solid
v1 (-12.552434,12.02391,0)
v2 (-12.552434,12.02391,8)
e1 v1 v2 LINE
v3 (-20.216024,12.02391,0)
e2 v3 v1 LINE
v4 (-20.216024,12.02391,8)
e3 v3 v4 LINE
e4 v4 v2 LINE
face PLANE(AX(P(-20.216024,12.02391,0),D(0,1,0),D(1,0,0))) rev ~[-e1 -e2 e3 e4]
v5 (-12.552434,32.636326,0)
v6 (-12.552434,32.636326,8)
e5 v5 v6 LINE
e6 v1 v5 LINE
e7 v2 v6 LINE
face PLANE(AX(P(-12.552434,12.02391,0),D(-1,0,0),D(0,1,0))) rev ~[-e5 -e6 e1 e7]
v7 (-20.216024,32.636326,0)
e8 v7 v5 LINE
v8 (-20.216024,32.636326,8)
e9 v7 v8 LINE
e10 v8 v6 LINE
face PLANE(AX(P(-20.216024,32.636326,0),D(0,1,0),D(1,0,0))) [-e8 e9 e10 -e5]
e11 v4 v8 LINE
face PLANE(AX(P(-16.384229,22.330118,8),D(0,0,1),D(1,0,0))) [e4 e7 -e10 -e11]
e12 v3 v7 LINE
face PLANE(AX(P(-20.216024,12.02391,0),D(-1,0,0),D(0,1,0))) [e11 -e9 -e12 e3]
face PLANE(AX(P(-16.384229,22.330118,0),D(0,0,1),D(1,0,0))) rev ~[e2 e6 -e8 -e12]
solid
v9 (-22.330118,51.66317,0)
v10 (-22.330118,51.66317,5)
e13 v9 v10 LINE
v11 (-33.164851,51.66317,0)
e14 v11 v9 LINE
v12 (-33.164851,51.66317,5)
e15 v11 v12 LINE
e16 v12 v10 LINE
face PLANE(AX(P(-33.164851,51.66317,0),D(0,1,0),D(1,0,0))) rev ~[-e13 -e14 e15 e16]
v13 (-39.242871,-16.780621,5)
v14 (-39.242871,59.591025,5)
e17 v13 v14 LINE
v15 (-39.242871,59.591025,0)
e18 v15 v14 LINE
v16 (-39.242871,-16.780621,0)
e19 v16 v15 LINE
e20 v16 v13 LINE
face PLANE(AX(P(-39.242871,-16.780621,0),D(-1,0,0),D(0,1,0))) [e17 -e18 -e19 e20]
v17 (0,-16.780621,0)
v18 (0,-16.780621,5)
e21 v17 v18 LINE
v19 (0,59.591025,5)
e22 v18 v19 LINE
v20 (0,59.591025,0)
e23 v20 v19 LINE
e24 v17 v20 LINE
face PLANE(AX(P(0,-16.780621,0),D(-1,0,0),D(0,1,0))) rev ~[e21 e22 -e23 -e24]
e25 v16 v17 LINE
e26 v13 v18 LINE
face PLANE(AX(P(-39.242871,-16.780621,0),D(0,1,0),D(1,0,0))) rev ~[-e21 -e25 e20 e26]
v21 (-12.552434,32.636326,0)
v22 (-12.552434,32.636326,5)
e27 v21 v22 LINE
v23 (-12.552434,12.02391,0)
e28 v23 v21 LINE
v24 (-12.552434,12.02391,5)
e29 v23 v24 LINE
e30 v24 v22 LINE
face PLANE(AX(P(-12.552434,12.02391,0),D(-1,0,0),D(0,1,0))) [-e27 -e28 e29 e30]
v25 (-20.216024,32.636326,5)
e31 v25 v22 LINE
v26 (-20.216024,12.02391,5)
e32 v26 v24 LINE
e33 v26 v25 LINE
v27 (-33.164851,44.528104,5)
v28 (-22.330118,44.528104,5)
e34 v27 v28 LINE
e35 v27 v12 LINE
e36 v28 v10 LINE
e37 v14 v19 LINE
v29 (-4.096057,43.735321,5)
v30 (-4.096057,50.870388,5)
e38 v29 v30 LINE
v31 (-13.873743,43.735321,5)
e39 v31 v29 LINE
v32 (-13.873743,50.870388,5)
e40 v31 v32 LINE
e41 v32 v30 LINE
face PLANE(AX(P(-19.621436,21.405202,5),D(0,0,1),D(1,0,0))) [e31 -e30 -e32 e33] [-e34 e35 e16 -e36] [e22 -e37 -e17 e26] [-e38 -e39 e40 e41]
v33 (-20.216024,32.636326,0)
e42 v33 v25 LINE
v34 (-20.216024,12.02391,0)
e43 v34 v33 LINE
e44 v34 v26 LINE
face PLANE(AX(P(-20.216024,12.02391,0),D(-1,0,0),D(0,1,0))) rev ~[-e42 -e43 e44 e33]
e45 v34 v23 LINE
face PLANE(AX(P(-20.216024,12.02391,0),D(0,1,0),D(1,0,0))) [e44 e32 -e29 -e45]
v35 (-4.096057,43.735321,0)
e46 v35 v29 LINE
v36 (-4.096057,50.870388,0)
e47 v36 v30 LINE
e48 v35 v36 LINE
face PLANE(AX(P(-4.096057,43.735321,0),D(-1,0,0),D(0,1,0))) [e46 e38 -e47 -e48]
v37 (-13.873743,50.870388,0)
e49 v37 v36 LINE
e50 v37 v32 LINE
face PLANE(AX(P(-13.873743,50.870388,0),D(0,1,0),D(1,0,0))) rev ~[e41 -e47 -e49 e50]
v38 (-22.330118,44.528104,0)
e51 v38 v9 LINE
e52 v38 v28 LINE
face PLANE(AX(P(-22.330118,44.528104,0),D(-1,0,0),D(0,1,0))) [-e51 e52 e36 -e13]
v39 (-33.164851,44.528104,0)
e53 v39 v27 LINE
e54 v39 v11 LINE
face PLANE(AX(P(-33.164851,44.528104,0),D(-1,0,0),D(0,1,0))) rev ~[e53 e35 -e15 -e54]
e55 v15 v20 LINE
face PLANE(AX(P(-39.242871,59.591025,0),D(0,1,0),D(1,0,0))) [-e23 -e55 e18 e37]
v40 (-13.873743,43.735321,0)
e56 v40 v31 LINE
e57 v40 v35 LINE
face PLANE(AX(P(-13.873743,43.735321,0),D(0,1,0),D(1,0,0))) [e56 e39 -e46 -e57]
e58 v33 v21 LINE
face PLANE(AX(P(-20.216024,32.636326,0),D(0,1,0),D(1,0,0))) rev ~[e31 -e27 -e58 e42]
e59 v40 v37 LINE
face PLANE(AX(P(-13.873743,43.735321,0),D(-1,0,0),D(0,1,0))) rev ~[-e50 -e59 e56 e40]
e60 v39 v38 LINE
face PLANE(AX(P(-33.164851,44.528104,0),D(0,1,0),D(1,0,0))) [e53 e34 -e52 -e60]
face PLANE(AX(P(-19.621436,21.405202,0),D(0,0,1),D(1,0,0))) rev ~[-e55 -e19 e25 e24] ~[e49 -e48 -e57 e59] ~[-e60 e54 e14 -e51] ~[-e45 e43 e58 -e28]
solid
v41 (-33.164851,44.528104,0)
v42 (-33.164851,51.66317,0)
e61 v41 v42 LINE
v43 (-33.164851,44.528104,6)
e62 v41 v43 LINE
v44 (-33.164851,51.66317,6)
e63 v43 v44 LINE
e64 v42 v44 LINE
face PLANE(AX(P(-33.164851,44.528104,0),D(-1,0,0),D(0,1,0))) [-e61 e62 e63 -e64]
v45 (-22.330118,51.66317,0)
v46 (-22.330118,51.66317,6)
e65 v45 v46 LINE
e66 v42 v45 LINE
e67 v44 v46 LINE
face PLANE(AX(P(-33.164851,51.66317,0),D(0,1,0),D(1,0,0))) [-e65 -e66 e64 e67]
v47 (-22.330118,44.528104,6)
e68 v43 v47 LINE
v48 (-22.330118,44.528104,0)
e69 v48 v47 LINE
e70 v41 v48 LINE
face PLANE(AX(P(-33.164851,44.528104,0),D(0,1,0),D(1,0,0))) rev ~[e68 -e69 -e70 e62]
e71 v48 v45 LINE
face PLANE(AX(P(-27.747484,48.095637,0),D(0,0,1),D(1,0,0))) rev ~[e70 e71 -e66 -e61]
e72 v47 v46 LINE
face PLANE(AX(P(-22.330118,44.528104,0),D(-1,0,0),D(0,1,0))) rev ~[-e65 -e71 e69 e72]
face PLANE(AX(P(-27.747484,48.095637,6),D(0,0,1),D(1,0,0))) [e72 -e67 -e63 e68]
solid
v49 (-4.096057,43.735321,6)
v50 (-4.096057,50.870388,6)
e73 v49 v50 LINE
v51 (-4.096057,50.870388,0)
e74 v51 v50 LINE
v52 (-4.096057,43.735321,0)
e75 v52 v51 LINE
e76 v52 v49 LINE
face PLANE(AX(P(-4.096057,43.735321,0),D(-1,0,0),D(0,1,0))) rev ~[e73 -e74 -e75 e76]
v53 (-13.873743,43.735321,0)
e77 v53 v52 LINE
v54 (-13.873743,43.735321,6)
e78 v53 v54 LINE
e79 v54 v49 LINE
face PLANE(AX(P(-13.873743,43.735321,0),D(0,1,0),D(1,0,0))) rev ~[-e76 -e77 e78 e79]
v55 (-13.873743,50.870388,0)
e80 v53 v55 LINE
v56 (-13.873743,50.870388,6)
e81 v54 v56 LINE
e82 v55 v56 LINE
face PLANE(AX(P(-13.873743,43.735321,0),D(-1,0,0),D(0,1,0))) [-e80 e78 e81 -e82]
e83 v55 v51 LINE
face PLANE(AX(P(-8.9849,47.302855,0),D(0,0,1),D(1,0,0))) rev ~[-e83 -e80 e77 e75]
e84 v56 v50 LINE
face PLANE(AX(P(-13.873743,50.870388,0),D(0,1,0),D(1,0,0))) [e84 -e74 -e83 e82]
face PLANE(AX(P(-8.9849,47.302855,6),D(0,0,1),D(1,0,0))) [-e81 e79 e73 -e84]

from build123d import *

# Parameters (mm, degrees)
F0_W     = 7.66359
F0_H     = 20.612416
F1_DEPTH = 8
F0_W_2   = 10.834733
F0_H_2   = 7.135067
F0_W_3   = 9.777686
F2_DEPTH = 6
F0_W_4   = 39.242871
F0_H_3   = 76.371645
F3_DEPTH = 5


with BuildPart() as f1:
    # F0 (on Top) → F1 (new body)
    with BuildSketch(Plane.XY):
        with Locations((-16.384229, 22.330118)):
            Rectangle(F0_W, F0_H)
    extrude(amount=F1_DEPTH)


with BuildPart() as f2:
    # F0 (on Top) → F2 (new body)
    with BuildSketch(Plane.XY):
        with Locations((-27.747484, 48.095637)):
            Rectangle(F0_W_2, F0_H_2)
        with Locations((-8.9849, 47.302855)):
            Rectangle(F0_W_3, F0_H_2)
    extrude(amount=F2_DEPTH)


with BuildPart() as f3:
    # F0 (on Top) → F3 (new body)
    with BuildSketch(Plane.XY):
        with Locations((-19.621436, 21.405202)):
            Rectangle(F0_W_4, F0_H_3)
        with Locations((-27.747484, 48.095637)):
            Rectangle(F0_W_2, F0_H_2, mode=Mode.SUBTRACT)
        with Locations((-16.384229, 22.330118)):
            Rectangle(F0_W, F0_H, mode=Mode.SUBTRACT)
        with Locations((-8.9849, 47.302855)):
            Rectangle(F0_W_3, F0_H_2, mode=Mode.SUBTRACT)
    extrude(amount=F3_DEPTH)


solid = Compound([f1.part, f2.part, f3.part])
